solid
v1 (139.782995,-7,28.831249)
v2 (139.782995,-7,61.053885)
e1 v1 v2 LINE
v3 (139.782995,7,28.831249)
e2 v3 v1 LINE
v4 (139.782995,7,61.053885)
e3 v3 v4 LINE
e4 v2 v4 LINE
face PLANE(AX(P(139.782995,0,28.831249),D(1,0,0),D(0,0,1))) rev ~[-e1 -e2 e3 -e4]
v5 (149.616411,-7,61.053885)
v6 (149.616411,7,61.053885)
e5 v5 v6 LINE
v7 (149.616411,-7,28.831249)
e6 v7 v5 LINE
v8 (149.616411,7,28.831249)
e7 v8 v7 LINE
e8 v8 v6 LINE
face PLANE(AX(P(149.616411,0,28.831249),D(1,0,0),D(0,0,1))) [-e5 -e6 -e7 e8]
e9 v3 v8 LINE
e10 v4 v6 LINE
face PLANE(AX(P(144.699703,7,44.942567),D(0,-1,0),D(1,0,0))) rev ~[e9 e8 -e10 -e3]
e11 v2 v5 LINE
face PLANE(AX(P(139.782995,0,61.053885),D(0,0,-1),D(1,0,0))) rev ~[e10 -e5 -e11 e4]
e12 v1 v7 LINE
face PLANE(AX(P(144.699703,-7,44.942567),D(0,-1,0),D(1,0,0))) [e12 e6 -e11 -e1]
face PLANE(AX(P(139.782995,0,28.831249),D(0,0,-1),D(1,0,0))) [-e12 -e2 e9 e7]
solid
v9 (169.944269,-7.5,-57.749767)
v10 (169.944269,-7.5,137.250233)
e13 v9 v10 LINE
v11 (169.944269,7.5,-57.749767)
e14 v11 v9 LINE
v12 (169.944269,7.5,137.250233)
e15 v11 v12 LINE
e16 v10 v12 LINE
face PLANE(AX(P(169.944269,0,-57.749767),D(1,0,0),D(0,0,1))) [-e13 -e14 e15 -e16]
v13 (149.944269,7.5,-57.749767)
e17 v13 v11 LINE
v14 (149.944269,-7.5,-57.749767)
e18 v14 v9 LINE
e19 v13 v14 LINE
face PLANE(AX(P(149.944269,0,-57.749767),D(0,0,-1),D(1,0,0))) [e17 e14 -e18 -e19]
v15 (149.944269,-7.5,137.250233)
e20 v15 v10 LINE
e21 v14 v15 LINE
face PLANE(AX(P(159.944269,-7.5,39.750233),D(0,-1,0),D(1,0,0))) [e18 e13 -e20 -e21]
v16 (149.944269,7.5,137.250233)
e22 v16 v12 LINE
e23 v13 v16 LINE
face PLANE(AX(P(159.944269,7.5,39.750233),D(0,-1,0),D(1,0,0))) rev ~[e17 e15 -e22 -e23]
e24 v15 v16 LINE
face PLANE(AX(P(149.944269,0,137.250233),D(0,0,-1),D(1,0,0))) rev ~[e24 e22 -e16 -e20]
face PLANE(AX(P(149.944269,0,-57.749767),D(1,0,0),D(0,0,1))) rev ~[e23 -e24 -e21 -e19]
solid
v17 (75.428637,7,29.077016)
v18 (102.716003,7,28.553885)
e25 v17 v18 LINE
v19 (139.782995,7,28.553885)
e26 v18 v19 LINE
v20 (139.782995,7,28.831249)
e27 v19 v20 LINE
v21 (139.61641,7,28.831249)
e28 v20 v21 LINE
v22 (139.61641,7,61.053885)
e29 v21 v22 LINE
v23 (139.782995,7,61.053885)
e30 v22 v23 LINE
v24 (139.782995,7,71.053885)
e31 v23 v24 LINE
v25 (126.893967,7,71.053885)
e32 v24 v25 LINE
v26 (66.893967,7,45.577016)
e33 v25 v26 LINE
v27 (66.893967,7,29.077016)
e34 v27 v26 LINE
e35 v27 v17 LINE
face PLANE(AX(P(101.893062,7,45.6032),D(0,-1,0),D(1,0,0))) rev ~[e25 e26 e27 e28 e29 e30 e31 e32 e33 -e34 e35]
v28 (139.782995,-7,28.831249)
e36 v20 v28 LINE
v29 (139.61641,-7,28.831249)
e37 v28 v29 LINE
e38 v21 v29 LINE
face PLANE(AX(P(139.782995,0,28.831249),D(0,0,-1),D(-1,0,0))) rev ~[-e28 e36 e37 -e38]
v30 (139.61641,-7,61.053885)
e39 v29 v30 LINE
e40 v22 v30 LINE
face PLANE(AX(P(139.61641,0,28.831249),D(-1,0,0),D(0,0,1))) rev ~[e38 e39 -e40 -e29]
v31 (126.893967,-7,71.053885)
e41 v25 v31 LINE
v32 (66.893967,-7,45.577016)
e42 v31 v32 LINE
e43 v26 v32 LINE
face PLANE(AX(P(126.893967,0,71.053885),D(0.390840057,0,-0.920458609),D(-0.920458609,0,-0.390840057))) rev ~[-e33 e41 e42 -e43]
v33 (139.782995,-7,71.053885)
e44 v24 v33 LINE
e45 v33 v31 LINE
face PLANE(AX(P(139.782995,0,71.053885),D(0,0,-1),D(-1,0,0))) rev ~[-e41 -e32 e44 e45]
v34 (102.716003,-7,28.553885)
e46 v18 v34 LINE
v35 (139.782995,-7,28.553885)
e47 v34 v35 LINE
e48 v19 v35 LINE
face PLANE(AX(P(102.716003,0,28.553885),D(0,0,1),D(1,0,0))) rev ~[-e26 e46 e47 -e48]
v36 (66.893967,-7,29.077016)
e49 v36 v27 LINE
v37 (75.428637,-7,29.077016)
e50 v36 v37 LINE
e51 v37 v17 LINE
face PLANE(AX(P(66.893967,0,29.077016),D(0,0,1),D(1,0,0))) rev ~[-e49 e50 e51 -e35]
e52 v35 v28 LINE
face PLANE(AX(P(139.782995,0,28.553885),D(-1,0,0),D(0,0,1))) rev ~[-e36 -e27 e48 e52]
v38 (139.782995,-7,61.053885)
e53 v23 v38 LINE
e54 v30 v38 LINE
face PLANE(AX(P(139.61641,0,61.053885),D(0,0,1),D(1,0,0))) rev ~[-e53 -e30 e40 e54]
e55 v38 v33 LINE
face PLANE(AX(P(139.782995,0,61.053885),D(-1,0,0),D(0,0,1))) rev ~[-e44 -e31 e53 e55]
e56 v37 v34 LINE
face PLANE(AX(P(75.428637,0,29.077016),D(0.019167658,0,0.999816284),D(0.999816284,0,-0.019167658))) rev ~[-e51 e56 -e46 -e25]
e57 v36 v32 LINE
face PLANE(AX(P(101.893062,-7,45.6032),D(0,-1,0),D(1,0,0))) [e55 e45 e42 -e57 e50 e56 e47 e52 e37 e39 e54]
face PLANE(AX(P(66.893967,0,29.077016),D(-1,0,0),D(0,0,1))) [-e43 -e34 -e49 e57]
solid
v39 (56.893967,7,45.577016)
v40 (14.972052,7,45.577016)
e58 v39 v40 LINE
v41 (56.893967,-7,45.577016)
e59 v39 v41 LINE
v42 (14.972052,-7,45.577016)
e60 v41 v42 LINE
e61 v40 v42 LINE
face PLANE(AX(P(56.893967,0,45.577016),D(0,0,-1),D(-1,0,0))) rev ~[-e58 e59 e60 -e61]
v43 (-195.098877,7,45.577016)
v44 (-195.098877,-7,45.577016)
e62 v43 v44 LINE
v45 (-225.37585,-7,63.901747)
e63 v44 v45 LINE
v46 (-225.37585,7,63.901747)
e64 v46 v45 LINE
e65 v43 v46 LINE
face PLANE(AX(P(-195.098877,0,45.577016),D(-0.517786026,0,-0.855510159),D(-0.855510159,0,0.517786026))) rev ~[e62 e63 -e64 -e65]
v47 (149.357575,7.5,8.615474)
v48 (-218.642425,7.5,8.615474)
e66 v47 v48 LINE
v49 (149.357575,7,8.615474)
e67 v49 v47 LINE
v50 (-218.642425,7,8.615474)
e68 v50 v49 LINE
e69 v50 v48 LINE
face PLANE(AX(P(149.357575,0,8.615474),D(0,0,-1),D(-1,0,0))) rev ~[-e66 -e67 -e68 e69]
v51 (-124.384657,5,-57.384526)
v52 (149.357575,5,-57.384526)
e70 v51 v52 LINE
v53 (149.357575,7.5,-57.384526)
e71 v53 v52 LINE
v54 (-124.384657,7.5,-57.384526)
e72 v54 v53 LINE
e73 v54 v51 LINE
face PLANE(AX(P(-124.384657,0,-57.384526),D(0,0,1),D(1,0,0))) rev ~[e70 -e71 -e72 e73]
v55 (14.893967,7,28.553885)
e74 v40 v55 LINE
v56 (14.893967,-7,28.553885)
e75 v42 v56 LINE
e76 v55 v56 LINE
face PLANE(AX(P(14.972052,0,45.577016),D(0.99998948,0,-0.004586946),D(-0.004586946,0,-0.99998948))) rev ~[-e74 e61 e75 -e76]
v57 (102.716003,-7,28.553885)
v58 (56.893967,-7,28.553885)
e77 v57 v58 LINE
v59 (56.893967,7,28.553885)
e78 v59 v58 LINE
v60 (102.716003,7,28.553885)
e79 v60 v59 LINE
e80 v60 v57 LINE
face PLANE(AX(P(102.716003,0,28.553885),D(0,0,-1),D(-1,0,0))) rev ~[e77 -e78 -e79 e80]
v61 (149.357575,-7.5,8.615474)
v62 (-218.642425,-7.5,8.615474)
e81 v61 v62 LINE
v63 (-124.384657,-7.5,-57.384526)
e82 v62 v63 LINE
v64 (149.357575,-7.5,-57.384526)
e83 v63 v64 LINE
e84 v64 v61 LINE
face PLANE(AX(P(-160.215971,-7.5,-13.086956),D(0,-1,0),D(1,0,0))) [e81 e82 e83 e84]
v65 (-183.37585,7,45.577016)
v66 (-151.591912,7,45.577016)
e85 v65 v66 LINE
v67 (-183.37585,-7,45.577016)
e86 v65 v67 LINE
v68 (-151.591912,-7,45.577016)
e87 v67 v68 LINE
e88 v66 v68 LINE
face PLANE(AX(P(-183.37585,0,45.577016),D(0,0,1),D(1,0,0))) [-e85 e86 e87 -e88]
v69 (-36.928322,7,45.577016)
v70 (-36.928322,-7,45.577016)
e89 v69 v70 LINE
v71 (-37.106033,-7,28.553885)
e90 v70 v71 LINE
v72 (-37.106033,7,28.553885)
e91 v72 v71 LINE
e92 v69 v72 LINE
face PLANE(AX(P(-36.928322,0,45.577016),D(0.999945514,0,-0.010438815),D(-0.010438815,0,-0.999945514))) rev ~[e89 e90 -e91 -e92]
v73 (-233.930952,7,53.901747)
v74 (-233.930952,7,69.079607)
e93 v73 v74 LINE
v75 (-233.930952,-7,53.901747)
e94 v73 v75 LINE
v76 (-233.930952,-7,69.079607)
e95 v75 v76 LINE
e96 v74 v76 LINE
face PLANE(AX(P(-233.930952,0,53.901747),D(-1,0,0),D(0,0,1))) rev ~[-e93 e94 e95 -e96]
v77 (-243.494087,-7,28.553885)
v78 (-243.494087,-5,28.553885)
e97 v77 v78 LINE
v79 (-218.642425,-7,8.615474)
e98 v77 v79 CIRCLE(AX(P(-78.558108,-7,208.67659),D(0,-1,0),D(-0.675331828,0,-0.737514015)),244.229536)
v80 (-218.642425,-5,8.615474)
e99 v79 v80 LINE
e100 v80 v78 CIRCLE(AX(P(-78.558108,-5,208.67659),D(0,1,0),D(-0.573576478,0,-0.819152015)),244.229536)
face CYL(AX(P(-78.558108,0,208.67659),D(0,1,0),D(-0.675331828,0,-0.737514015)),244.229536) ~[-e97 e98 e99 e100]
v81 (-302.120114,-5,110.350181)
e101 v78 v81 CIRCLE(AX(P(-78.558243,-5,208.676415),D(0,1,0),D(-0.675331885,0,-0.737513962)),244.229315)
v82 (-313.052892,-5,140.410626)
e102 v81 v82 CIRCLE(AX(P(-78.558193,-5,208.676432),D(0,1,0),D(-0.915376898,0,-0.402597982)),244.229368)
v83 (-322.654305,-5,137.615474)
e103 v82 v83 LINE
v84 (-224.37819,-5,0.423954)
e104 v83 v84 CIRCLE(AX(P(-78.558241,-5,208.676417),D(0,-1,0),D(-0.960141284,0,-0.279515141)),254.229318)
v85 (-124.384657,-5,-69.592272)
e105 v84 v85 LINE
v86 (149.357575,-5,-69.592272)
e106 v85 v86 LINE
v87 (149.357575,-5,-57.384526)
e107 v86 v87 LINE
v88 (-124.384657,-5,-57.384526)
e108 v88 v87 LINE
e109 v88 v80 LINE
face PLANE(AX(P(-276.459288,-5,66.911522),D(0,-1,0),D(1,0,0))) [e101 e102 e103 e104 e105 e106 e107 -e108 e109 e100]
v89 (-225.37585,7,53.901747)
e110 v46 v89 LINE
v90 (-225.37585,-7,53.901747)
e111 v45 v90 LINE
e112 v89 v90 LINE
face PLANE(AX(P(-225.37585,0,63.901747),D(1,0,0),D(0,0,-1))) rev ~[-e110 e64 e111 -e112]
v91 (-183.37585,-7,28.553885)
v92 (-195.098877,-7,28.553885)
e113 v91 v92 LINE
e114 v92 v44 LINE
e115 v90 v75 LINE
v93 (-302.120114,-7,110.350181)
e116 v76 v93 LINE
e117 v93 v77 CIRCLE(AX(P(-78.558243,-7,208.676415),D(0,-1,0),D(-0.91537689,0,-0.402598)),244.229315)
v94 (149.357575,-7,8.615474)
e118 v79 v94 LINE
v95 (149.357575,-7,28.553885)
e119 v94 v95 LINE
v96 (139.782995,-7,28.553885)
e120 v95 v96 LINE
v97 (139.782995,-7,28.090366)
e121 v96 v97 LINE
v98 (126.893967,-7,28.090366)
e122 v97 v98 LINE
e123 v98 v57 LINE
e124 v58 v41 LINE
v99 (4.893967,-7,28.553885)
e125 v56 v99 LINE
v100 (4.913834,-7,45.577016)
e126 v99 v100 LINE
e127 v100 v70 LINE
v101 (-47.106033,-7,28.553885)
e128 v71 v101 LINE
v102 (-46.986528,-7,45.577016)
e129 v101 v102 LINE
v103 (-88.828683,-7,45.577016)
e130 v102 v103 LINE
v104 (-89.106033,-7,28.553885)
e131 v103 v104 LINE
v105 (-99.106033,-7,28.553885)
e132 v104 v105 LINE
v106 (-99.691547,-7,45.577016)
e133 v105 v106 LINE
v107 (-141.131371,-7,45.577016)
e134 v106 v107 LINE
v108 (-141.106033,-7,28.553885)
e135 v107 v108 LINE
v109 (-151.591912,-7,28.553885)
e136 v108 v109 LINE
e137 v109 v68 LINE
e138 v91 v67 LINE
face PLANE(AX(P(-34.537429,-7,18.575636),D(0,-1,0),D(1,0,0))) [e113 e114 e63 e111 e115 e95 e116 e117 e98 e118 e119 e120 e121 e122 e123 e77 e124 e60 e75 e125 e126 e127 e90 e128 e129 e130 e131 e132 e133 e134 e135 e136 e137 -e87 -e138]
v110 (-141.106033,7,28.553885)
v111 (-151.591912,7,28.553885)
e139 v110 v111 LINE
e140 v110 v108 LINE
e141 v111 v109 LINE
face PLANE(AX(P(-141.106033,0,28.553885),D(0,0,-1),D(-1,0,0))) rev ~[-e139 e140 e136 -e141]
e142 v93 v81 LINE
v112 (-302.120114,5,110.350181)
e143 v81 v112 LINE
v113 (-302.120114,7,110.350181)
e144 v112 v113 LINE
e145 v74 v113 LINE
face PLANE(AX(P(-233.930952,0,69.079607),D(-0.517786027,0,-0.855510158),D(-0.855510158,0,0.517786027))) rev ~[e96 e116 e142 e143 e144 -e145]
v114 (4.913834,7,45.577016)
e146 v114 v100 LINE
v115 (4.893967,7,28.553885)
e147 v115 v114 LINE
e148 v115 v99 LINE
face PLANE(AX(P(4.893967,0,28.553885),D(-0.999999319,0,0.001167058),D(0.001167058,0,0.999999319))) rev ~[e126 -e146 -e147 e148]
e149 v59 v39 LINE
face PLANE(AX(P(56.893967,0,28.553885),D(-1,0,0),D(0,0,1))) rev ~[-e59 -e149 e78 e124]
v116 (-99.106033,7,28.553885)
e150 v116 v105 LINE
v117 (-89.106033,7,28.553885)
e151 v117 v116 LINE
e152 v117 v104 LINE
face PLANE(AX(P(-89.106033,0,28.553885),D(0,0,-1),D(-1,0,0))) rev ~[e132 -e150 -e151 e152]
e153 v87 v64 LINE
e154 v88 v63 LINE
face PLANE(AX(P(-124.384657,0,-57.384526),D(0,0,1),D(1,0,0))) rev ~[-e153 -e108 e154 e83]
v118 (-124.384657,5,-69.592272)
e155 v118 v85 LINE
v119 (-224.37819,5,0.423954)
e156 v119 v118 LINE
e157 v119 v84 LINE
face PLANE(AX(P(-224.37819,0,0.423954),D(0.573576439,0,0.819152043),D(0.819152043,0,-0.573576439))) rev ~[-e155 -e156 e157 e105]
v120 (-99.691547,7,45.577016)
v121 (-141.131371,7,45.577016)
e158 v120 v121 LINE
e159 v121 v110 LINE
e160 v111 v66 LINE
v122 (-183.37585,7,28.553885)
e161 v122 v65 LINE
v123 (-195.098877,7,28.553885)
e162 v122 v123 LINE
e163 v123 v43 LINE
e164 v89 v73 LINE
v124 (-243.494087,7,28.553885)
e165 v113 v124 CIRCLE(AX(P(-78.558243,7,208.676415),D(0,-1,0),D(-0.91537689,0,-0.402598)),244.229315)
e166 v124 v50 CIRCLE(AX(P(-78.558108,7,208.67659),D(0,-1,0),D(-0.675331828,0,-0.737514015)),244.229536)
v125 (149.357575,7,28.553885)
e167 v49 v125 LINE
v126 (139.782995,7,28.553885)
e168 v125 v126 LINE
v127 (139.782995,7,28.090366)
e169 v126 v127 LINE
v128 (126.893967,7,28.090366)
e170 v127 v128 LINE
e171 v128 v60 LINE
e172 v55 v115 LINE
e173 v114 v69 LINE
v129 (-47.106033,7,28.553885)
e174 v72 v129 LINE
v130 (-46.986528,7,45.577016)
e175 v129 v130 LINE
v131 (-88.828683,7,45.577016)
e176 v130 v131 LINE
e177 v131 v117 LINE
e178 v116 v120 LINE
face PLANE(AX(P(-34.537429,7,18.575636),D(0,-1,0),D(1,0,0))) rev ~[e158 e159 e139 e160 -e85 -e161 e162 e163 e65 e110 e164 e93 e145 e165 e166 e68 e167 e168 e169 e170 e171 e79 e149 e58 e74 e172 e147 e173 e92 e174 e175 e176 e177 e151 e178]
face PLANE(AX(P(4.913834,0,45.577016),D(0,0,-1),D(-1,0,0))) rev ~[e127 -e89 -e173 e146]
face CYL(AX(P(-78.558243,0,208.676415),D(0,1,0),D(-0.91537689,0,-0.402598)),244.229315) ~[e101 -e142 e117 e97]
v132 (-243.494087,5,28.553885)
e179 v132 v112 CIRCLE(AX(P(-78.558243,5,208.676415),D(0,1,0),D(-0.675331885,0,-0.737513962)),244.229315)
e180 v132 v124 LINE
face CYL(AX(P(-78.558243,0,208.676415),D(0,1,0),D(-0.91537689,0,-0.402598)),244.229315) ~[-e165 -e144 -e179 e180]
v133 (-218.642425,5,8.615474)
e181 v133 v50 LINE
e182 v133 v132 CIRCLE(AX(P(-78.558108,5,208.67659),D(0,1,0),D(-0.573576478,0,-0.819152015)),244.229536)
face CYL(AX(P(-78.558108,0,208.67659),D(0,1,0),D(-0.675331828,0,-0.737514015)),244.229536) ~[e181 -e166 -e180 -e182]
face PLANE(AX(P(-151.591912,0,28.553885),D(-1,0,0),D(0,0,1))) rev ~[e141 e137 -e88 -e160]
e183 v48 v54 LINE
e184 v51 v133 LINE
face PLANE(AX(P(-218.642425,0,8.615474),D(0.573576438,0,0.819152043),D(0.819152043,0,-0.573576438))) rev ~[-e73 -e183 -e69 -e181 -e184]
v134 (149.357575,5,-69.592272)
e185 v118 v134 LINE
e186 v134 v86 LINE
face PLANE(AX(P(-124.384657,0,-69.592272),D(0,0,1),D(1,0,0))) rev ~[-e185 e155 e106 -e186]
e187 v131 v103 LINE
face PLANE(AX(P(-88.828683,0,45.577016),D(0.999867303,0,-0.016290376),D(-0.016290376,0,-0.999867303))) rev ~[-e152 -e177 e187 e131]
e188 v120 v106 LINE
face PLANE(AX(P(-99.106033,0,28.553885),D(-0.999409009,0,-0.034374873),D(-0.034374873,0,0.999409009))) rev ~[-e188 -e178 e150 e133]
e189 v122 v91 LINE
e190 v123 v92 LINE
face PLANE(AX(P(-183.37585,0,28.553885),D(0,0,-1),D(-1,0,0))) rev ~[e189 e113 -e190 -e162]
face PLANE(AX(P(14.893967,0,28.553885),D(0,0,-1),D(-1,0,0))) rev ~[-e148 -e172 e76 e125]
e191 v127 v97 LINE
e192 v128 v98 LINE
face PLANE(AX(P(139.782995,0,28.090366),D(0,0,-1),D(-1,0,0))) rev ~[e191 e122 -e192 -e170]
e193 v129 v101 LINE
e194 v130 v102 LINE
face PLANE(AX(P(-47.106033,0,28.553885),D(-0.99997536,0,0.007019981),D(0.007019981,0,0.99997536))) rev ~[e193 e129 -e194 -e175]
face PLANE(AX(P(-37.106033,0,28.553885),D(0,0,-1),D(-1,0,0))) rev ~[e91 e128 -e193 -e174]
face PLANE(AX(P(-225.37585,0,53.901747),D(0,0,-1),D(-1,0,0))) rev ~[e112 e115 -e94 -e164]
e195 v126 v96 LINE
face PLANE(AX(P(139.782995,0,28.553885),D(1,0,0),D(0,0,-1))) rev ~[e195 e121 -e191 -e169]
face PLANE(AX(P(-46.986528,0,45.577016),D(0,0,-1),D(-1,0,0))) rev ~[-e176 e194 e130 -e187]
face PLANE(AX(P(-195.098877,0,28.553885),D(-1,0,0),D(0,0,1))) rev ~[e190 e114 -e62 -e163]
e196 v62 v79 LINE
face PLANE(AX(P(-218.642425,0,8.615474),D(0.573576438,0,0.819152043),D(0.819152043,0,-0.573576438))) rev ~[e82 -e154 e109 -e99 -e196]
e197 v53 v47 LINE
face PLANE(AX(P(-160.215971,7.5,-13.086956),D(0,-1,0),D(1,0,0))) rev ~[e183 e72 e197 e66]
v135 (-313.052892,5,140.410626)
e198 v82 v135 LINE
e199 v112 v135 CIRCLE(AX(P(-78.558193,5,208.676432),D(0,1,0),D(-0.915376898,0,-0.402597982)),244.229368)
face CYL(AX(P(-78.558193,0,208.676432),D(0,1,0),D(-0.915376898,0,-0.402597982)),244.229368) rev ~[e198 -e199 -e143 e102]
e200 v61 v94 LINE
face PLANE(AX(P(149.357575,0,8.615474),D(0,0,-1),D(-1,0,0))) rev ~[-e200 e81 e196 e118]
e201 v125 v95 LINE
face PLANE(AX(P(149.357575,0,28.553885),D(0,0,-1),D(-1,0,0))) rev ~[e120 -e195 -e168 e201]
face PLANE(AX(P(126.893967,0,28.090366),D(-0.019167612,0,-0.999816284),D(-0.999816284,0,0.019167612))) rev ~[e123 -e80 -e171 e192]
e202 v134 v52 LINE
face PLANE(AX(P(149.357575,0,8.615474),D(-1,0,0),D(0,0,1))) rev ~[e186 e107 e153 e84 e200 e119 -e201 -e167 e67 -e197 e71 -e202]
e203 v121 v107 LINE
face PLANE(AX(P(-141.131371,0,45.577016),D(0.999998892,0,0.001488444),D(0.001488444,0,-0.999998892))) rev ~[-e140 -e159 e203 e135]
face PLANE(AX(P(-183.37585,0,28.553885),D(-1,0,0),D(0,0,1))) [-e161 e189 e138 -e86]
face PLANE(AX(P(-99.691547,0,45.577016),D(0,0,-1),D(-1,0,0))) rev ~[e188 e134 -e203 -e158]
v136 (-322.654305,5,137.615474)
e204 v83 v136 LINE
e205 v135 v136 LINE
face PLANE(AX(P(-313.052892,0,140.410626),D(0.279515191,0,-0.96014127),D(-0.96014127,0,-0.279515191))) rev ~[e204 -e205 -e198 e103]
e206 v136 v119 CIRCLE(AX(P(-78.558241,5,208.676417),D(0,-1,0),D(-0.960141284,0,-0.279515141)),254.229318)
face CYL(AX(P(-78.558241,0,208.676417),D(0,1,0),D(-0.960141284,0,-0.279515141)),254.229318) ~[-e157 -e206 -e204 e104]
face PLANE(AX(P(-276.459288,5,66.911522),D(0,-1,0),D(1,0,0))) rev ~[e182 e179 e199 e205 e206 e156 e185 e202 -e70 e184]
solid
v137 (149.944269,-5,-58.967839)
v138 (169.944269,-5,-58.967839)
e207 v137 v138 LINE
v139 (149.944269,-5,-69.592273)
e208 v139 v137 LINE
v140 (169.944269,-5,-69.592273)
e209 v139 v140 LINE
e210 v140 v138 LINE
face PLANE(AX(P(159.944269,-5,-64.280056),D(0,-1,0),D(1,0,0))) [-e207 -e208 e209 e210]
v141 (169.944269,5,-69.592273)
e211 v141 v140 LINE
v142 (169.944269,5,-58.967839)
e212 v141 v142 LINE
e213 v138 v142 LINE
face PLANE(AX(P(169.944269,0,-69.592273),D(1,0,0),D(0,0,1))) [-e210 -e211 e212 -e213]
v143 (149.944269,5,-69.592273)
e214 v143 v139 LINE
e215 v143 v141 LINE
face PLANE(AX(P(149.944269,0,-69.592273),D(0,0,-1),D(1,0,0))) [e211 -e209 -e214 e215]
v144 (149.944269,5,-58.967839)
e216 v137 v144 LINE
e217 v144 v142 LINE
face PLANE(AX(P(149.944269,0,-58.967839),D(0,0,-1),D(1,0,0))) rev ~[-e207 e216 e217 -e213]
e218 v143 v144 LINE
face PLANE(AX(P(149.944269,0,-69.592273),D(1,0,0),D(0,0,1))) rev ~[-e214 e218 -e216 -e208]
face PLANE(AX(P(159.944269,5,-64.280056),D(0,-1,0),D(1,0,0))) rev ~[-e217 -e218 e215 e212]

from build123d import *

# Parameters (mm, degrees)
F0_W     = 273.742232
F0_H     = 66
F0_W_2   = 20
F0_H_2   = 195
F1_DEPTH = 7.5
F0_H_3   = 12.207746
F0_H_4   = 10.624433
F2_DEPTH = 5
F0_W_3   = 31.783938
F0_H_5   = 17.023131
F0_W_4   = 8.53467
F0_H_6   = 16.5
F0_W_5   = 9.833415
F0_H_7   = 32.222636
F3_DEPTH = 7


with BuildPart() as f1:
    # F0 (on Front) → F1 (new body, symmetric)
    with BuildSketch(Plane.XZ):
        Polygon((-218.642425, 8.615474), (-124.384657, -57.384526), (-124.384657, 8.615474), align=None)
        with Locations((12.486459, -24.384526)):
            Rectangle(F0_W, F0_H)
        with Locations((159.944269, 39.750233)):
            Rectangle(F0_W_2, F0_H_2)
    extrude(amount=F1_DEPTH, both=True)

    # F0 (on Front) → F2 (join, symmetric)
    with BuildSketch(Plane.XZ):
        with BuildLine():
            ThreePointArc((-322.654305, 137.615474), (-285.231903, 60.627292), (-224.37819, 0.423954))
            Line((-224.37819, 0.423954), (-218.642425, 8.615474))
            ThreePointArc((-218.642425, 8.615474), (-231.39374, 18.17899), (-243.494087, 28.553885))
            ThreePointArc((-243.494087, 28.553885), (-277.065868, 66.399638), (-302.120114, 110.350181))
            ThreePointArc((-302.120114, 110.350181), (-308.07916, 125.201227), (-313.052892, 140.410626))
            Line((-313.052892, 140.410626), (-322.654305, 137.615474))
        make_face()
        Polygon((-224.37819, 0.423954), (-124.384657, -69.592272), (-124.384657, -57.384526), (-218.642425, 8.615474), align=None)
        with Locations((12.486459, -63.488399)):
            Rectangle(F0_W, F0_H_3)
        with Locations((159.944269, -64.280056)):
            Rectangle(F0_W_2, F0_H_4)
    extrude(amount=F2_DEPTH, both=True)

    # F0 (on Front) → F3 (join, symmetric)
    with BuildSketch(Plane.XZ):
        Polygon((-124.384657, 8.615474), (149.357575, 8.615474), (149.357575, 28.553885), (139.782995, 28.553885), (139.782995, 28.090366), (126.893967, 28.090366), (102.716003, 28.553885), (56.893967, 28.553885), (14.893967, 28.553885), (4.893967, 28.553885), (-37.106033, 28.553885), (-47.106033, 28.553885), (-89.106033, 28.553885), (-99.106033, 28.553885), (-141.106033, 28.553885), (-151.591912, 28.553885), (-183.37585, 28.553885), (-195.098877, 28.553885), (-218.642425, 28.553885), (-218.642425, 8.615474), align=None)
        with BuildLine():
            ThreePointArc((-243.494087, 28.553885), (-231.39374, 18.17899), (-218.642425, 8.615474))
            Line((-218.642425, 8.615474), (-218.642425, 28.553885))
            Line((-218.642425, 28.553885), (-243.494087, 28.553885))
        make_face()
        with BuildLine():
            ThreePointArc((-302.120114, 110.350181), (-277.065868, 66.399638), (-243.494087, 28.553885))
            Line((-243.494087, 28.553885), (-218.642425, 28.553885))
            Line((-218.642425, 28.553885), (-195.098877, 28.553885))
            Line((-195.098877, 28.553885), (-195.098877, 45.577016))
            Line((-195.098877, 45.577016), (-225.37585, 63.901747))
            Line((-225.37585, 63.901747), (-225.37585, 53.901747))
            Line((-225.37585, 53.901747), (-233.930952, 53.901747))
            Line((-233.930952, 53.901747), (-233.930952, 69.079607))
            Line((-233.930952, 69.079607), (-302.120114, 110.350181))
        make_face()
        with Locations((-167.483881, 37.06545)):
            Rectangle(F0_W_3, F0_H_5)
        Polygon((-141.131371, 45.577016), (-141.106033, 28.553885), (-99.106033, 28.553885), (-99.691547, 45.577016), align=None)
        Polygon((-88.828683, 45.577016), (-89.106033, 28.553885), (-47.106033, 28.553885), (-46.986528, 45.577016), align=None)
        Polygon((-37.106033, 28.553885), (4.893967, 28.553885), (4.913834, 45.577016), (-36.928322, 45.577016), align=None)
        Polygon((14.893967, 28.553885), (56.893967, 28.553885), (56.893967, 45.577016), (14.972052, 45.577016), align=None)
        Polygon((102.716003, 28.553885), (126.893967, 28.553885), (126.893967, 71.053885), (66.893967, 45.577016), (75.428637, 45.577016), (75.428637, 29.077016), align=None)
        with Locations((71.161302, 37.327016)):
            Rectangle(F0_W_4, F0_H_6)
        Polygon((126.893967, 28.553885), (139.782995, 28.553885), (139.782995, 28.831249), (139.61641, 28.831249), (139.61641, 61.053885), (139.782995, 61.053885), (139.782995, 71.053885), (126.893967, 71.053885), align=None)
        with Locations((144.699703, 44.942567)):
            Rectangle(F0_W_5, F0_H_7)
    extrude(amount=F3_DEPTH, both=True)


solid = f1.part
